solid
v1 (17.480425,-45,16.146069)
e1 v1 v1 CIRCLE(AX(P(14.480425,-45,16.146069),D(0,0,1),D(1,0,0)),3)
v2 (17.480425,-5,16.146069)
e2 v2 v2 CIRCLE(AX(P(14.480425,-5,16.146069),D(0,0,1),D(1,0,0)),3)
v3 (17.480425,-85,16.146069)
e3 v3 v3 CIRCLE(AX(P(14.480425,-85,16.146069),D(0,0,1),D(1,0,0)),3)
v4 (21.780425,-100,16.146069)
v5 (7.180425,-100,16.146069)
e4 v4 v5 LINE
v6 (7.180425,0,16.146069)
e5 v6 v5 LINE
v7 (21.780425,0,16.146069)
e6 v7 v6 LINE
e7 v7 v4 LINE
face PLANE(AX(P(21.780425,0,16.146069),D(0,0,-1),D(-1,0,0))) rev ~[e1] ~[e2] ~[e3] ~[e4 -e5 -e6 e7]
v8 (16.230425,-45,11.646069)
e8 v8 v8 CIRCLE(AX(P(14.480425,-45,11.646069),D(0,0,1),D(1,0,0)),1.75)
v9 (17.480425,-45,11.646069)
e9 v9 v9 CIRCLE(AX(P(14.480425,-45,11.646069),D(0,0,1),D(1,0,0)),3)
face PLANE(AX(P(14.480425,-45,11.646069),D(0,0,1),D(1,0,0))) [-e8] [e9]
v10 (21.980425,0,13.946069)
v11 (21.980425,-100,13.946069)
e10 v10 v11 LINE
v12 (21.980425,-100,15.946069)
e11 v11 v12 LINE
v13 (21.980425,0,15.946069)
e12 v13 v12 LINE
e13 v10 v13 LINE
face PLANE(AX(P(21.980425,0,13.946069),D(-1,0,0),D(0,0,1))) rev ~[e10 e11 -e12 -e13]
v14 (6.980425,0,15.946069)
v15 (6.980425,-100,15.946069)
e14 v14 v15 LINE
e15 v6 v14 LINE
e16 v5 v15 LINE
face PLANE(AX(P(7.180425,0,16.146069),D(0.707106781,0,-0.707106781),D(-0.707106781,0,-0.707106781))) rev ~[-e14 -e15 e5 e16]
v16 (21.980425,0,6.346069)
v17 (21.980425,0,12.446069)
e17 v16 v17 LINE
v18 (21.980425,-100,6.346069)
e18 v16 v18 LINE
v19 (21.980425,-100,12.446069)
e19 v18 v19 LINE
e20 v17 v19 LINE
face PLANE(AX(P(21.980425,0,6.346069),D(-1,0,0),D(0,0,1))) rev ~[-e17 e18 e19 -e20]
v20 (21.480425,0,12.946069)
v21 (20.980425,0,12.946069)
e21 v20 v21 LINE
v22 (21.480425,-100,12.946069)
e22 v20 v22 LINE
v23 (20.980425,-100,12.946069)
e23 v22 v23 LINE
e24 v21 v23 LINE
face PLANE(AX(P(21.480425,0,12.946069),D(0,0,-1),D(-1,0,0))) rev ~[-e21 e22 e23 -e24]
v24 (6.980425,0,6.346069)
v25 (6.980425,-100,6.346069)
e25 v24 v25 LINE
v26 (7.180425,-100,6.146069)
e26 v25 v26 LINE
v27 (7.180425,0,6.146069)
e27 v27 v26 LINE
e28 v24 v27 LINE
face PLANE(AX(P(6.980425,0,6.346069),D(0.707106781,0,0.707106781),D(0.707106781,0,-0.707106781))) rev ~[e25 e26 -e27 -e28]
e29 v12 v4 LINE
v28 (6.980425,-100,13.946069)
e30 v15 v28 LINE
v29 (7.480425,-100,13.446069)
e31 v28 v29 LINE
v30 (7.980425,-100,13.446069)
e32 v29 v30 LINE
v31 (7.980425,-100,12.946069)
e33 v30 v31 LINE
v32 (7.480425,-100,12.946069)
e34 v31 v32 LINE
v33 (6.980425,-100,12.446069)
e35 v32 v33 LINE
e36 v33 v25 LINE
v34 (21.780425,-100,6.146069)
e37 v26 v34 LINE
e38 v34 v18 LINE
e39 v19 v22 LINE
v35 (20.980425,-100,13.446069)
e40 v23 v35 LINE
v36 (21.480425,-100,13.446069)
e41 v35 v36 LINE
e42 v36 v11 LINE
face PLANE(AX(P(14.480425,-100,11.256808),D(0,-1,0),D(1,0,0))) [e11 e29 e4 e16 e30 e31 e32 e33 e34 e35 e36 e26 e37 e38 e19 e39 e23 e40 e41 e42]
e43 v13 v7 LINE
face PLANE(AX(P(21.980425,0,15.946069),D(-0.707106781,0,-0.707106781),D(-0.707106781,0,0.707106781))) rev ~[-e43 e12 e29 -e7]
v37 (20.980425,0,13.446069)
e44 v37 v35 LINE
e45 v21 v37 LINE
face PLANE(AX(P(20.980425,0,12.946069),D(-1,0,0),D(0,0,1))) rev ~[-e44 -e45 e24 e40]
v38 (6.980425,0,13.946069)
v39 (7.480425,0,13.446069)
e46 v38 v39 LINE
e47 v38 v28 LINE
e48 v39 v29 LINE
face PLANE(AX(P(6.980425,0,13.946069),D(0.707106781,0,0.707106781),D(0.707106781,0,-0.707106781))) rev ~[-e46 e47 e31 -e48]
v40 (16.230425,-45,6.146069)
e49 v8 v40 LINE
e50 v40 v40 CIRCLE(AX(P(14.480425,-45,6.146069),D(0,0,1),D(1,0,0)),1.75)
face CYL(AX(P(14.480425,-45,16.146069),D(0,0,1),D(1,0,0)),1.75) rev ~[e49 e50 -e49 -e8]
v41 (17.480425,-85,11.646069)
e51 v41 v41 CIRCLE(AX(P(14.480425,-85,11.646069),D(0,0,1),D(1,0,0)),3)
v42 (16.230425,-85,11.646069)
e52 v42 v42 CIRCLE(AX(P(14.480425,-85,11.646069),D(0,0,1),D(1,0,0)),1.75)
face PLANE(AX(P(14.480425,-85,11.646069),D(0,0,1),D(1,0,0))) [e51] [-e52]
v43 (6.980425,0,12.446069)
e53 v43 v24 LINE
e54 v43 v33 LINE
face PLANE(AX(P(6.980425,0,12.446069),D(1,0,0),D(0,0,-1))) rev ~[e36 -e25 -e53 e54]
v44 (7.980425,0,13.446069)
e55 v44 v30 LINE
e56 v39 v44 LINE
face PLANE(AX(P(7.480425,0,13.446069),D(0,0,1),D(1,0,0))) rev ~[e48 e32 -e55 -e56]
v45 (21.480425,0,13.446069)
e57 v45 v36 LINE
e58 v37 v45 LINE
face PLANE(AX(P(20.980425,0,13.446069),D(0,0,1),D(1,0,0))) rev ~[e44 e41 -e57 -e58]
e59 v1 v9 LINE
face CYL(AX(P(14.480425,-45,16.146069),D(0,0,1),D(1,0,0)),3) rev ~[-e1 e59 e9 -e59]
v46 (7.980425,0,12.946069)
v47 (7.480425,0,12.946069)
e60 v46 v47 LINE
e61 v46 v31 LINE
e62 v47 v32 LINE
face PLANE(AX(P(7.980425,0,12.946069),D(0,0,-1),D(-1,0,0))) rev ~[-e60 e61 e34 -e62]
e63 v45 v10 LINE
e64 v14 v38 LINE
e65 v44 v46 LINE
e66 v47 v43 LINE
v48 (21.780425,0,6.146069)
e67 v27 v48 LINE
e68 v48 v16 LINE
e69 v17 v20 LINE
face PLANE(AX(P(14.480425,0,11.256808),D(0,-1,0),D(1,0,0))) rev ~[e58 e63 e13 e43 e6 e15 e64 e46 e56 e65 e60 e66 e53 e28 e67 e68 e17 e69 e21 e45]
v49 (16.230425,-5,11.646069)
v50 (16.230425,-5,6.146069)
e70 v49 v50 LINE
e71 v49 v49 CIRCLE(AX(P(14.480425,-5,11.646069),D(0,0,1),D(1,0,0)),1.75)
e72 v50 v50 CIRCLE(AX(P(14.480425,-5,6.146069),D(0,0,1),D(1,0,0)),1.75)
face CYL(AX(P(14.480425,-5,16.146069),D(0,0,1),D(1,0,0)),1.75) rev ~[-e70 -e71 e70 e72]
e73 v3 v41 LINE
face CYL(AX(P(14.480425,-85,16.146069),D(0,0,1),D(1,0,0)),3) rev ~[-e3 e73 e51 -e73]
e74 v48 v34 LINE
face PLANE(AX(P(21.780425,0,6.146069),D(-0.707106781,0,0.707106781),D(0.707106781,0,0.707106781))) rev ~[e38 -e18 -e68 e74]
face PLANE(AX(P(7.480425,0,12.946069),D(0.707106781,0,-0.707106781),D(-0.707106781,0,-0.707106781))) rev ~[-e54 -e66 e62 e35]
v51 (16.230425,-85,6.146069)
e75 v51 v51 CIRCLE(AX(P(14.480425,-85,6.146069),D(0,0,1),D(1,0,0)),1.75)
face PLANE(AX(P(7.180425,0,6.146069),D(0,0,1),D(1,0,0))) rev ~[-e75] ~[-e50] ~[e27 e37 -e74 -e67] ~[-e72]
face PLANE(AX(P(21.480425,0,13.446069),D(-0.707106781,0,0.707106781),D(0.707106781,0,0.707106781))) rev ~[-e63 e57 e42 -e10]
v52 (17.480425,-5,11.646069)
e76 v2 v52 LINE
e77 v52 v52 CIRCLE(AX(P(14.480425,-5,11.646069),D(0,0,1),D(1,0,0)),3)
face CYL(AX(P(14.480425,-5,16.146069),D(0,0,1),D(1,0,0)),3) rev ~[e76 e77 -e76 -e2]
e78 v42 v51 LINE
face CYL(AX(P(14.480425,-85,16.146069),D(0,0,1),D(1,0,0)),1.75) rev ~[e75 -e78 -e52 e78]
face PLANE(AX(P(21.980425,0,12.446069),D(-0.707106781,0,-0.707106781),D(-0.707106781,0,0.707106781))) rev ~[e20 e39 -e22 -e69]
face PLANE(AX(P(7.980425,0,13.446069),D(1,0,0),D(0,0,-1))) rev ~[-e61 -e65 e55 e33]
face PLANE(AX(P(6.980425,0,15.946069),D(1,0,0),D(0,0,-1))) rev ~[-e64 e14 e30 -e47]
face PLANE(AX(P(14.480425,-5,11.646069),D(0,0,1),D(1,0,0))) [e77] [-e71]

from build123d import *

# Parameters (mm, degrees)
F1_DEPTH = 100
F2_R     = 1.75
F3_DEPTH = 10.001
F2_R_2   = 3
F4_DEPTH = 4.5


with BuildPart() as f1:
    # F0 (on Front) → F1 (new body)
    with BuildSketch(Plane.XZ):
        Polygon((6.980425, 12.446069), (6.980425, 6.346069), (7.180425, 6.146069), (21.780425, 6.146069), (21.980425, 6.346069), (21.980425, 12.446069), (21.480425, 12.946069), (20.980425, 12.946069), (20.980425, 13.446069), (21.480425, 13.446069), (21.980425, 13.946069), (21.980425, 15.946069), (21.780425, 16.146069), (7.180425, 16.146069), (6.980425, 15.946069), (6.980425, 13.946069), (7.480425, 13.446069), (7.980425, 13.446069), (7.980425, 12.946069), (7.480425, 12.946069), align=None)
    extrude(amount=F1_DEPTH)

    # F2 (on face) → F3 (cut, through all)
    with BuildSketch(Plane.XY.offset(16.146069)):
        with Locations((14.480425, -85)):
            Circle(F2_R)
        with Locations((14.480425, -45)):
            Circle(F2_R)
        with Locations((14.480425, -5)):
            Circle(F2_R)
    extrude(amount=-F3_DEPTH, mode=Mode.SUBTRACT)

    # F2 (on face) → F4 (cut)
    with BuildSketch(Plane.XY.offset(16.146069)):
        with Locations((14.480425, -85)):
            Circle(F2_R_2)
        with Locations((14.480425, -85)):
            Circle(F2_R, mode=Mode.SUBTRACT)
        with Locations((14.480425, -45)):
            Circle(F2_R_2)
        with Locations((14.480425, -45)):
            Circle(F2_R, mode=Mode.SUBTRACT)
        with Locations((14.480425, -5)):
            Circle(F2_R_2)
        with Locations((14.480425, -5)):
            Circle(F2_R, mode=Mode.SUBTRACT)
    extrude(amount=-F4_DEPTH, mode=Mode.SUBTRACT)


solid = f1.part
